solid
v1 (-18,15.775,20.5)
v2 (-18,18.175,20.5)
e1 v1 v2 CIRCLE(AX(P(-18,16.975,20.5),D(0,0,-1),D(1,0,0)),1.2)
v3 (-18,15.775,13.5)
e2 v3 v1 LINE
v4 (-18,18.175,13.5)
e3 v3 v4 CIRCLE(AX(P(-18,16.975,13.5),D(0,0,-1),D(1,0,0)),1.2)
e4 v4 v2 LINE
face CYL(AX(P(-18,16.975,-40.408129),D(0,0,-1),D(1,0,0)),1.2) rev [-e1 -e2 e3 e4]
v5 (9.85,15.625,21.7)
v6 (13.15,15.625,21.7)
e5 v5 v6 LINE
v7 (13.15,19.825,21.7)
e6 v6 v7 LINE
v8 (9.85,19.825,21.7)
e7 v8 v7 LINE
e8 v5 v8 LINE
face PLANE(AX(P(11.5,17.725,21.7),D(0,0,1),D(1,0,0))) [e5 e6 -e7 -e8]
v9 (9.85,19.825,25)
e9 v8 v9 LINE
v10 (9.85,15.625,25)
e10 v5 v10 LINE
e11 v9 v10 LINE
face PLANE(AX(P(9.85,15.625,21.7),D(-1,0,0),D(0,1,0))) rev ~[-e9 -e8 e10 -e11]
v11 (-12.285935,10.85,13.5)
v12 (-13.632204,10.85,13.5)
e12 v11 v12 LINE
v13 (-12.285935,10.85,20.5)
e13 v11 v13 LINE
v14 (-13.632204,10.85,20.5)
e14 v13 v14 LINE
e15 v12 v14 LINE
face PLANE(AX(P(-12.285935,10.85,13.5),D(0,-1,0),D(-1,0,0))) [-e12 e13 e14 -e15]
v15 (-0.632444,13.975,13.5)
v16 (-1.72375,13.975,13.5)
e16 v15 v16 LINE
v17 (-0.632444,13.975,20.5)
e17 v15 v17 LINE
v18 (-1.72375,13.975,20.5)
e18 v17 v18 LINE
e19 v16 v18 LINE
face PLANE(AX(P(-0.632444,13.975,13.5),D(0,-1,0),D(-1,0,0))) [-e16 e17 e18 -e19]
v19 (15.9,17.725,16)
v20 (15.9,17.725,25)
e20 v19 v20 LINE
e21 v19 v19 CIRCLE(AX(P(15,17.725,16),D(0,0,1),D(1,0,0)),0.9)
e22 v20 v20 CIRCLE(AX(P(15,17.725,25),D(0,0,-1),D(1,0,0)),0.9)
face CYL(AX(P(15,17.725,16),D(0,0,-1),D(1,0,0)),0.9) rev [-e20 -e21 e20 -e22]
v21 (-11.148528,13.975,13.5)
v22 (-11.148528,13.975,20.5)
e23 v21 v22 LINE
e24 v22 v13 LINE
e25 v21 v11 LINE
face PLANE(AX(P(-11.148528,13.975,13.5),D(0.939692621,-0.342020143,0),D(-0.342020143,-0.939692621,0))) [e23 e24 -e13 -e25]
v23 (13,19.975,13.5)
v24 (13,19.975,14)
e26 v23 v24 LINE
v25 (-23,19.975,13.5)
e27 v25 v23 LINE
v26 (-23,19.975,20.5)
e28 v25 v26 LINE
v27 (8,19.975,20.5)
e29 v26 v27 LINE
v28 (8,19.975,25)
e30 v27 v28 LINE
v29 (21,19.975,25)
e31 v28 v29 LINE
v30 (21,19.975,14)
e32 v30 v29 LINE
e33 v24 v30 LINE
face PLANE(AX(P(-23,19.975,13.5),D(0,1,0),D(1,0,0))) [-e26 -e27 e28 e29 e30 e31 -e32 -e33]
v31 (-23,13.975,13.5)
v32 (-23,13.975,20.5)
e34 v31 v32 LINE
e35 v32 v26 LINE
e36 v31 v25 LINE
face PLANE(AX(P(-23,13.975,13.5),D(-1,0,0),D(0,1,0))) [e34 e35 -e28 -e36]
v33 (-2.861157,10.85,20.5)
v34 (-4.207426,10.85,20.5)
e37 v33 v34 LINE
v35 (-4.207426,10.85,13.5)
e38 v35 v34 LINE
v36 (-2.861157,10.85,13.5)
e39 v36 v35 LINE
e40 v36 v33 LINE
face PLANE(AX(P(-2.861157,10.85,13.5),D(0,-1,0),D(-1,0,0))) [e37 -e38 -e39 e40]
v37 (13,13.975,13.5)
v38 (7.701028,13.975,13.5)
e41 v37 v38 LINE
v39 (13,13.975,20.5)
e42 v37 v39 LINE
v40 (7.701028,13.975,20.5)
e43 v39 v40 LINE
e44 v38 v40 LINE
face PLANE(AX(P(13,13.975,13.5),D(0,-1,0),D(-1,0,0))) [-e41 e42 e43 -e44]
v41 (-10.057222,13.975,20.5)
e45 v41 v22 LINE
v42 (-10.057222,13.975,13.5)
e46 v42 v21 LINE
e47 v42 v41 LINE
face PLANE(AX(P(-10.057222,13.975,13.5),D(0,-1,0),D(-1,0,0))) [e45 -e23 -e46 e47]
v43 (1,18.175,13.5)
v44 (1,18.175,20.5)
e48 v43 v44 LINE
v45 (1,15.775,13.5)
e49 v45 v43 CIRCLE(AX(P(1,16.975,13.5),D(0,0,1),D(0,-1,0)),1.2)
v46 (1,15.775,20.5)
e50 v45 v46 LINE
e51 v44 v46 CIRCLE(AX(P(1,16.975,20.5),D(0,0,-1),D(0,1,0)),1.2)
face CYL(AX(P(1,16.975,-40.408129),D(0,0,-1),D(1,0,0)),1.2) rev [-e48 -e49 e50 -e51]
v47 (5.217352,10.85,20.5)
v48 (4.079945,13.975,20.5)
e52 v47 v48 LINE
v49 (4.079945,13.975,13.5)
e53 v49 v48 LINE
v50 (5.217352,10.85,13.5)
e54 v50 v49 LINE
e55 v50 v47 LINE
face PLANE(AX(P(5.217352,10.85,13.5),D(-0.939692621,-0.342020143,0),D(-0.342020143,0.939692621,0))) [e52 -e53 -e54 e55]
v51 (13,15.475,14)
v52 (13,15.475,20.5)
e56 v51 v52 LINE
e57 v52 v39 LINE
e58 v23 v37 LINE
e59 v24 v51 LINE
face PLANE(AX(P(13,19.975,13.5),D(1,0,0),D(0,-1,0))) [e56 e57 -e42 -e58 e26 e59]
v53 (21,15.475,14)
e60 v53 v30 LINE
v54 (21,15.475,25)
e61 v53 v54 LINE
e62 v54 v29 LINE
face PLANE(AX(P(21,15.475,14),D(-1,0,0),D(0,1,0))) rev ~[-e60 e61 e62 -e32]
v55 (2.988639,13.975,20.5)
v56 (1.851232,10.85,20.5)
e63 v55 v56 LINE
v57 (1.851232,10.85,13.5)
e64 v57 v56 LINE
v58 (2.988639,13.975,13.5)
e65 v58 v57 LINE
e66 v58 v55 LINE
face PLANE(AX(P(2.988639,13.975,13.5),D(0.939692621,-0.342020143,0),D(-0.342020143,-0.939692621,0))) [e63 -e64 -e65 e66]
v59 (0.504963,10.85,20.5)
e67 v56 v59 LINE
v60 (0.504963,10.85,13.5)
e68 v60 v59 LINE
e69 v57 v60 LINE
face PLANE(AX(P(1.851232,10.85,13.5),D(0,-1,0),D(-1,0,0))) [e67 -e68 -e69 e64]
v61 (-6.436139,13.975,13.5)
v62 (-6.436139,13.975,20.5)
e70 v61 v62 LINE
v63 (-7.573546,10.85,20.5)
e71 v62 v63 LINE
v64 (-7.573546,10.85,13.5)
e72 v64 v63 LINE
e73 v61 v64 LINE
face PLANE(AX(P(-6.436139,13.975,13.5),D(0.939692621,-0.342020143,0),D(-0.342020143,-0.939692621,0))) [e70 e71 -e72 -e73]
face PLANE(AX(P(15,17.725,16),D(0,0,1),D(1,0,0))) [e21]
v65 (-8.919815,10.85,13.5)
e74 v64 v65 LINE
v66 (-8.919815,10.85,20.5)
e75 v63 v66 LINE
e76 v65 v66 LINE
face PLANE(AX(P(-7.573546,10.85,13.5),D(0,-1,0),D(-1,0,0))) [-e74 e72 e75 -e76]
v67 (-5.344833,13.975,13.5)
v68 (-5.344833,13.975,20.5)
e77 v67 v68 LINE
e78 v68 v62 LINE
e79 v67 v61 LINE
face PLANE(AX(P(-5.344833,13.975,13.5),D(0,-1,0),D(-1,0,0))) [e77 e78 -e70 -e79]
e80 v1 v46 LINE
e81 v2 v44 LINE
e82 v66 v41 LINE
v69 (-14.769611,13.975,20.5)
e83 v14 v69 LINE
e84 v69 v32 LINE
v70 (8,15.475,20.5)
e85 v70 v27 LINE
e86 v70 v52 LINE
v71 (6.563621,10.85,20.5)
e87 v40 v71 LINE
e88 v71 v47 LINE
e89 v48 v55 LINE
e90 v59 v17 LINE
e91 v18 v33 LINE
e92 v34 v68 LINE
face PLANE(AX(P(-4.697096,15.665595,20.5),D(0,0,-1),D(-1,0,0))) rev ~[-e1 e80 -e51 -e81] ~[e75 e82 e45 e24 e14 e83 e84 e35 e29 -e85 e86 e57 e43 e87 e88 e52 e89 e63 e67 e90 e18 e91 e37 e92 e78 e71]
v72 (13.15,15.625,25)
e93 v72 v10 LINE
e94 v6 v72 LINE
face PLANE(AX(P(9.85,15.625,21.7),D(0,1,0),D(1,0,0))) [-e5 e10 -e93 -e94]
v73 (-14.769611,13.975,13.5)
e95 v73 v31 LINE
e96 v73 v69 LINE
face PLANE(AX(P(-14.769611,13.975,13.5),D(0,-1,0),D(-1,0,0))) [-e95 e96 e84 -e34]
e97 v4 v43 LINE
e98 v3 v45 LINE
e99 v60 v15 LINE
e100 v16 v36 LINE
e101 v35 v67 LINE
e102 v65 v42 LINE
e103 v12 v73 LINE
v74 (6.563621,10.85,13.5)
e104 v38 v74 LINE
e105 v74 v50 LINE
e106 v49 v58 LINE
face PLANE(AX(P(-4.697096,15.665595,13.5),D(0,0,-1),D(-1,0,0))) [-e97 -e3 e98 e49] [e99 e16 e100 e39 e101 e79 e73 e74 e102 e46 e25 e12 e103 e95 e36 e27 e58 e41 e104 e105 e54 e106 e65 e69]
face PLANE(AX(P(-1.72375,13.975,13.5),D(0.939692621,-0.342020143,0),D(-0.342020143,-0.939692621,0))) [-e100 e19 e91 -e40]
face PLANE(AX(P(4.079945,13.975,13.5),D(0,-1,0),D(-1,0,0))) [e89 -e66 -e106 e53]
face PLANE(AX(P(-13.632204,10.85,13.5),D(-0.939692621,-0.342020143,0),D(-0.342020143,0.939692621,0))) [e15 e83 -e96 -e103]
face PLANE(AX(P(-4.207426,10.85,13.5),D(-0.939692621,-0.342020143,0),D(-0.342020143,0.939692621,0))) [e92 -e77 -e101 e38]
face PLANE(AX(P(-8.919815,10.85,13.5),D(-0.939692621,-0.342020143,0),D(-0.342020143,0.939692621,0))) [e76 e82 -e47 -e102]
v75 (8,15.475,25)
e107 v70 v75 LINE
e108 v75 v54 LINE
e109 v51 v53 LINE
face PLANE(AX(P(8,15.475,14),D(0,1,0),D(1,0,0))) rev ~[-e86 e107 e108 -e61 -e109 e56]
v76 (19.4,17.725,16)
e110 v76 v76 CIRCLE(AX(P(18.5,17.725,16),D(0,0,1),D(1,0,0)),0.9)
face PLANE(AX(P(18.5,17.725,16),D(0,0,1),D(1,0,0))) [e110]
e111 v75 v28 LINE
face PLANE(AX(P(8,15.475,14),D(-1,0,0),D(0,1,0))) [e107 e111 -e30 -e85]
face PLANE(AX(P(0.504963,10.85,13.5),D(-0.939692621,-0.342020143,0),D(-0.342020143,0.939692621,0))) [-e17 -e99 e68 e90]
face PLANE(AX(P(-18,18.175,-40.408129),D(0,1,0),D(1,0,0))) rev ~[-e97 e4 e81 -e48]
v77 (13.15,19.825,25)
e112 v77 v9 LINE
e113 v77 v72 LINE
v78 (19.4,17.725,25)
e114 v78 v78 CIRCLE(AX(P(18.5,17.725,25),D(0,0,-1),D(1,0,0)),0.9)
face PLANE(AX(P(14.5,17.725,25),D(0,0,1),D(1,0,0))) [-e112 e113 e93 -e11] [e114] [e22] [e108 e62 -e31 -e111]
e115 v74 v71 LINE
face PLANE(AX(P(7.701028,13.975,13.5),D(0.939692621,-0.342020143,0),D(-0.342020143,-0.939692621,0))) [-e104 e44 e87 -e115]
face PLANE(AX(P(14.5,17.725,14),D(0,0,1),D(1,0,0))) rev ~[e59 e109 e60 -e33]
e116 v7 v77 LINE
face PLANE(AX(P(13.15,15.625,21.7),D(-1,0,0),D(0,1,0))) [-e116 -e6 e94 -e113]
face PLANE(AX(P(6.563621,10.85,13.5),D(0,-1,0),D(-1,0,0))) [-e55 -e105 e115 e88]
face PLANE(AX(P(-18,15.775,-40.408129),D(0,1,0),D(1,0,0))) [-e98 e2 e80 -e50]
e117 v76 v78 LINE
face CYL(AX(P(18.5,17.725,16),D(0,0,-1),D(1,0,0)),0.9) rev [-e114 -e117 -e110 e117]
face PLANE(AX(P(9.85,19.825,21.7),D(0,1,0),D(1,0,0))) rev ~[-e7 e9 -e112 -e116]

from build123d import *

# Parameters (mm, degrees)
BOSS_EXTRUDE1_START     = 13.5
BOSS_EXTRUDE1_DEPTH     = 7
BOSS_EXTRUDE2_START     = 14
SKETCH2_W               = 13
SKETCH2_H               = 4.5
BOSS_EXTRUDE2_DEPTH     = 11
CUT_EXTRUDE1_START      = 21.7
SKETCH3_W               = 3.3
SKETCH3_H               = 4.2
CUT_EXTRUDE1_DEPTH      = 3.4
CUT_EXTRUDE2_START      = 16
SKETCH4_R               = 0.9
CUT_EXTRUDE2_DEPTH      = 9.1
CUT_EXTRUDE3_DEPTH      = 40.40812892
CUT_EXTRUDE3_DEPTH_BACK = 40.40812892
SKETCH5_W               = 19
SKETCH5_H               = 2.4
CUT_EXTRUDE4_DEPTH      = 40.40812892
CUT_EXTRUDE4_DEPTH_BACK = 40.40812892
SKETCH6_R               = 1.2


with BuildPart() as part:
    # Sketch1 → Boss-Extrude1 (new body)
    with BuildSketch(Plane.XY.offset(BOSS_EXTRUDE1_START)):
        Polygon((-23, 19.975), (13, 19.975), (13, 13.975), (7.70102766, 13.975), (6.563620678, 10.85), (5.217351773, 10.85), (4.079944791, 13.975), (2.988638679, 13.975), (1.851231697, 10.85), (0.504962793, 10.85), (-0.632444189, 13.975), (-1.723750301, 13.975), (-2.861157283, 10.85), (-4.207426188, 10.85), (-5.34483317, 13.975), (-6.436139281, 13.975), (-7.573546263, 10.85), (-8.919815168, 10.85), (-10.05722215, 13.975), (-11.148528262, 13.975), (-12.285935244, 10.85), (-13.632204148, 10.85), (-14.76961113, 13.975), (-23, 13.975), align=None)
    extrude(amount=BOSS_EXTRUDE1_DEPTH)

    # Sketch2 → Boss-Extrude2 (add)
    with BuildSketch(Plane.XY.offset(BOSS_EXTRUDE2_START)):
        with Locations((14.5, 17.725)):
            Rectangle(SKETCH2_W, SKETCH2_H)
    extrude(amount=BOSS_EXTRUDE2_DEPTH)

    # Sketch3 → Cut-Extrude1 (cut)
    with BuildSketch(Plane.XY.offset(CUT_EXTRUDE1_START)):
        with Locations((11.5, 17.725)):
            Rectangle(SKETCH3_W, SKETCH3_H)
    extrude(amount=CUT_EXTRUDE1_DEPTH, mode=Mode.SUBTRACT)

    # Sketch4 → Cut-Extrude2 (cut)
    with BuildSketch(Plane.XY.offset(CUT_EXTRUDE2_START)):
        with Locations((15, 17.725)):
            Circle(SKETCH4_R)
        with Locations((18.5, 17.725)):
            Circle(SKETCH4_R)
    extrude(amount=CUT_EXTRUDE2_DEPTH, mode=Mode.SUBTRACT)

    # Sketch5 → Cut-Extrude3 (cut, two sides: drawn at the far end of the back side and taken through both)
    with BuildSketch(Plane.XY.offset(-CUT_EXTRUDE3_DEPTH_BACK)):
        with Locations((-8.5, 16.975)):
            Rectangle(SKETCH5_W, SKETCH5_H)
    extrude(amount=CUT_EXTRUDE3_DEPTH + CUT_EXTRUDE3_DEPTH_BACK, mode=Mode.SUBTRACT)

    # Sketch6 → Cut-Extrude4 (cut, two sides: drawn at the far end of the back side and taken through both)
    with BuildSketch(Plane.XY.offset(-CUT_EXTRUDE4_DEPTH_BACK)):
        with Locations((-18, 16.975)):
            Circle(SKETCH6_R)
        with Locations((1, 16.975)):
            Circle(SKETCH6_R)
    extrude(amount=CUT_EXTRUDE4_DEPTH + CUT_EXTRUDE4_DEPTH_BACK, mode=Mode.SUBTRACT)


solid = part.part
